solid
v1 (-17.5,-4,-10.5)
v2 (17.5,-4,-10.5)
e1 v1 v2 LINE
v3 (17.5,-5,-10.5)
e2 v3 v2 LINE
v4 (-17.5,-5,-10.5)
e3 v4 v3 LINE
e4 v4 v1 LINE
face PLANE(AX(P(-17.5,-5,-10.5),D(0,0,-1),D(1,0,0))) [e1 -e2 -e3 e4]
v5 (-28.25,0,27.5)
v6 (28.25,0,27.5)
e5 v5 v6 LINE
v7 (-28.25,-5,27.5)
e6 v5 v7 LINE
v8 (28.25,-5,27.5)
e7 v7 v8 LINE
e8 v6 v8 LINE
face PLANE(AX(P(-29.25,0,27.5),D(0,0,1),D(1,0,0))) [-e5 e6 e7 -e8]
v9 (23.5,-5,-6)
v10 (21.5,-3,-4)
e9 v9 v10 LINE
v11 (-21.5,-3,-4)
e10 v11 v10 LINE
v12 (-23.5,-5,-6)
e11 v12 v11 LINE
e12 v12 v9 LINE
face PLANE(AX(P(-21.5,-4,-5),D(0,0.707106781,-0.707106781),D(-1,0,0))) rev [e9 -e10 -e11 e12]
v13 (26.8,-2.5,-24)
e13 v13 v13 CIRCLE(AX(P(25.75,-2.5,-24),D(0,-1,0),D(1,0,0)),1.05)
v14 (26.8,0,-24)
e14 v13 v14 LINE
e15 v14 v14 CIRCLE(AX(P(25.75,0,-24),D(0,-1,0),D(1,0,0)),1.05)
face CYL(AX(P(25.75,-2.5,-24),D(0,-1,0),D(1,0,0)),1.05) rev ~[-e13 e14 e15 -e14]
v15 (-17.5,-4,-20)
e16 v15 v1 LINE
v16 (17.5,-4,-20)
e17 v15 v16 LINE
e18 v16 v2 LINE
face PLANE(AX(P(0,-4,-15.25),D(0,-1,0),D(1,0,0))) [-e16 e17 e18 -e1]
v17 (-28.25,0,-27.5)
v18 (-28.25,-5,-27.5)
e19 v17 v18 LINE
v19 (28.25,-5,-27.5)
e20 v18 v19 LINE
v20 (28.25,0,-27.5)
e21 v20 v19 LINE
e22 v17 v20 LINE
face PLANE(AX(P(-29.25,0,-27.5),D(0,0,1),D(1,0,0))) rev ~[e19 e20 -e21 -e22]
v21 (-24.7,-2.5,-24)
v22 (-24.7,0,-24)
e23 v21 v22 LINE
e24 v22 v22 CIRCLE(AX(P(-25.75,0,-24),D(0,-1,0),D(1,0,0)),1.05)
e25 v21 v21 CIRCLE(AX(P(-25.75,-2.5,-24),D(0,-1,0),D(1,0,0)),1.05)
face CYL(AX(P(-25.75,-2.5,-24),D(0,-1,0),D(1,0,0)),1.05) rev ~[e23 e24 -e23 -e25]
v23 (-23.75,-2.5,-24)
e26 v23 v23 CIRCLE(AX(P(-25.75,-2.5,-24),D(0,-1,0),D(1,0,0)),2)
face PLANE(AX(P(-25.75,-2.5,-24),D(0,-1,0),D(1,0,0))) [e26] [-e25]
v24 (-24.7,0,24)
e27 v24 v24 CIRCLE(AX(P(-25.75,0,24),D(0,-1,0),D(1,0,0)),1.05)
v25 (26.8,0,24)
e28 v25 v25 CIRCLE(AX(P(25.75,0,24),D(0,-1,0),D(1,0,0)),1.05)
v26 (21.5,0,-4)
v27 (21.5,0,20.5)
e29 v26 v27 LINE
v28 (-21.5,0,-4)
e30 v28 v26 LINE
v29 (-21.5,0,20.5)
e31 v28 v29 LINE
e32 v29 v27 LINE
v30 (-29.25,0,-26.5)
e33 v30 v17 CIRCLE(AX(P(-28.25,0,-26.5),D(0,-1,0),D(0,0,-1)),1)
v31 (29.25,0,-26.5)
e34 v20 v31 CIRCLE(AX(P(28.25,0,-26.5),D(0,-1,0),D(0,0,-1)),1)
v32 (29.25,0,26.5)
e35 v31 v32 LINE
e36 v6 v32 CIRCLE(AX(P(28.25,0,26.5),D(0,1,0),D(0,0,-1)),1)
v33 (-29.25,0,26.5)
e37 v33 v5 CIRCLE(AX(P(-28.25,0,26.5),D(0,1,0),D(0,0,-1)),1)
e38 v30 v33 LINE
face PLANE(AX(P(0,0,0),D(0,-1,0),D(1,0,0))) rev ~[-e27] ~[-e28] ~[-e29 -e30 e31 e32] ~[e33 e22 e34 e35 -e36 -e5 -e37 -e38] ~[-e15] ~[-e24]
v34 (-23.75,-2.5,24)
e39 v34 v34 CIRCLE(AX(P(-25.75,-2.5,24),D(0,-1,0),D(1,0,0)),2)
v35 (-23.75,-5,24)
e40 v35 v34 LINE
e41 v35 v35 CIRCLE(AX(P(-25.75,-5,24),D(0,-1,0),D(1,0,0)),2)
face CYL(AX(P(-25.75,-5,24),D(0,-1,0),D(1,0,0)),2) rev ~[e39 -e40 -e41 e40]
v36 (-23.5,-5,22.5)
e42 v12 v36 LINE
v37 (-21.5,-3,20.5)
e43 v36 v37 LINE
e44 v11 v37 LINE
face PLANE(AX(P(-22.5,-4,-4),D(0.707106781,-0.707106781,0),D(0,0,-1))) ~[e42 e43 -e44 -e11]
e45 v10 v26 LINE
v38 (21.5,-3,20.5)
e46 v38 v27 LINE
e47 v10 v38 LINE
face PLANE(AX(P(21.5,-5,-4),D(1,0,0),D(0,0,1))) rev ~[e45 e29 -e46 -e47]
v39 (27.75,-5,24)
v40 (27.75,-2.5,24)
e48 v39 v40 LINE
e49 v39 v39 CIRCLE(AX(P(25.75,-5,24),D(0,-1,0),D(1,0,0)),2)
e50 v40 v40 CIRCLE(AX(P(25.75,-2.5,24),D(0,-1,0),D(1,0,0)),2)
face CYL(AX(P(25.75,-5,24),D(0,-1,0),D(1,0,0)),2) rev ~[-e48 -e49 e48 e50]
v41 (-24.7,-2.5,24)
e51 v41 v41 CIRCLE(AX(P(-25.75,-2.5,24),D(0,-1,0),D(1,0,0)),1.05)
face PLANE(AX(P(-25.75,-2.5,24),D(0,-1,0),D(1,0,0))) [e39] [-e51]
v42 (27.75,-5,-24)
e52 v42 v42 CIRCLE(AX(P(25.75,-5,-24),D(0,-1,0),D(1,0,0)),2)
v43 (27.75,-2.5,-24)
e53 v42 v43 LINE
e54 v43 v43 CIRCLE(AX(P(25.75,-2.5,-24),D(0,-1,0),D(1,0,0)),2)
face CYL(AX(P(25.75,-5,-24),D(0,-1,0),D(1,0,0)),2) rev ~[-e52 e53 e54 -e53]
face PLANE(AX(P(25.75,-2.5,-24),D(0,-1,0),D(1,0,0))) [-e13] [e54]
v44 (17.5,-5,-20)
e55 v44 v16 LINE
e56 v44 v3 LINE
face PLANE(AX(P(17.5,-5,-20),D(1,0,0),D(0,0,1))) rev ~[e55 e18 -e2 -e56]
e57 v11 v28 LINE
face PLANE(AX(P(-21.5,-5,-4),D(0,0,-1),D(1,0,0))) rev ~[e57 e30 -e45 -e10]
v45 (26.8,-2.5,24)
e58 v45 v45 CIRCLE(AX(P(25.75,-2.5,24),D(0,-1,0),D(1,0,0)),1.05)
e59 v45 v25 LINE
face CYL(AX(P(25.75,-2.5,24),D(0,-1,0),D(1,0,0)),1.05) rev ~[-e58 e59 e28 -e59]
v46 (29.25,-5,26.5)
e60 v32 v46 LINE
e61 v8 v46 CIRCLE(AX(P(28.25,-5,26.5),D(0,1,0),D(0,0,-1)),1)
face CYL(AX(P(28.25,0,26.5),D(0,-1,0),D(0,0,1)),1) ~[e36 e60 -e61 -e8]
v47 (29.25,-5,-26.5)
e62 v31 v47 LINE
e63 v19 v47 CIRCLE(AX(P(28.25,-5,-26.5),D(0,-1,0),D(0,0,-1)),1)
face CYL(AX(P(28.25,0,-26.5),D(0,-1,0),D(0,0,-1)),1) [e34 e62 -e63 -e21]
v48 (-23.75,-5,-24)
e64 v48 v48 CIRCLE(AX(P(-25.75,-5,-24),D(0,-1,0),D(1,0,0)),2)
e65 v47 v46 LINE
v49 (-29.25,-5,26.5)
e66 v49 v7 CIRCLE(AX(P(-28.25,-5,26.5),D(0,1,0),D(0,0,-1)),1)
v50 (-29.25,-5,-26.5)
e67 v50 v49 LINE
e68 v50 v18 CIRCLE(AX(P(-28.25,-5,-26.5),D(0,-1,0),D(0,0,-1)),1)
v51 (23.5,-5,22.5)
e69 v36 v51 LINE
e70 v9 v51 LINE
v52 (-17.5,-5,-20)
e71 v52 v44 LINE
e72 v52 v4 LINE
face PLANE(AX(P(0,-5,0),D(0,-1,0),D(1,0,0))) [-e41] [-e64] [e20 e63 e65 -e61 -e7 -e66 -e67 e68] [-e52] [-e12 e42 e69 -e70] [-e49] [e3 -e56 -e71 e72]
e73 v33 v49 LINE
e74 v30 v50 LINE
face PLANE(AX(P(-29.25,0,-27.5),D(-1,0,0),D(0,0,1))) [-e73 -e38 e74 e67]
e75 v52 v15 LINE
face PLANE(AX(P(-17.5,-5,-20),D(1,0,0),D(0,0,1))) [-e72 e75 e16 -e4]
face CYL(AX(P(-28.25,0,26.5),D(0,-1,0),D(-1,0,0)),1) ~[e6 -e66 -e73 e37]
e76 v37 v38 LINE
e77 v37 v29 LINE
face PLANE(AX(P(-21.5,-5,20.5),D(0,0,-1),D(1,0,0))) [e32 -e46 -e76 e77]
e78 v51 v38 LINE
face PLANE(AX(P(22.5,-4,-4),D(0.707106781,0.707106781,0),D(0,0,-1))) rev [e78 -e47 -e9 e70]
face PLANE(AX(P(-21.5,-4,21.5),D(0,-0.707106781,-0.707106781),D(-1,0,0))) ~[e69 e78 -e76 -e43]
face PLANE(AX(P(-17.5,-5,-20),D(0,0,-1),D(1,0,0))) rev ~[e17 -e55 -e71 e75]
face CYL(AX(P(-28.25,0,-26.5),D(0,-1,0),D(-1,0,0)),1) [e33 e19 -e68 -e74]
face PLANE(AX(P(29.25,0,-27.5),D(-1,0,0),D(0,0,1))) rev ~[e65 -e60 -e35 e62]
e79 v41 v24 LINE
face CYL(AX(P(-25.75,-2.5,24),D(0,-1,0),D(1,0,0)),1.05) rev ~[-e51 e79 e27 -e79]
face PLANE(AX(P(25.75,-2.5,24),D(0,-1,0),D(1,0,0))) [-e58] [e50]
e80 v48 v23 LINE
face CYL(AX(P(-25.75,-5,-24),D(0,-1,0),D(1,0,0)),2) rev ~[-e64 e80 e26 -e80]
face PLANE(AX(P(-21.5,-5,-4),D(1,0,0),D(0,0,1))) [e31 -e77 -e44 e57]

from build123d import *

# Parameters (mm, degrees)
SKETCH_W        = 58.5
SKETCH_H        = 55
PAD004_DEPTH    = 5
SKETCH005_W     = 43
SKETCH005_H     = 24.5
POCKET_DEPTH    = 5
CHAMFER_SIZE    = 2
SKETCH006_R     = 2
POCKET001_DEPTH = 2.5
SKETCH007_R     = 1.05
POCKET002_DEPTH = 5
SKETCH008_W     = 35
SKETCH008_H     = 9.5
POCKET003_DEPTH = 1
FILLET002_R     = 1


with BuildPart() as part:
    # Sketch → Pad004 (new body)
    with BuildSketch(Plane.XZ):
        Rectangle(SKETCH_W, SKETCH_H)
    extrude(amount=PAD004_DEPTH)

    # Sketch005 (on Face6 of Pad004) → Pocket (cut)
    with BuildSketch(Plane.XZ.offset(5)):
        with Locations((0, 8.25)):
            Rectangle(SKETCH005_W, SKETCH005_H)
    extrude(amount=-POCKET_DEPTH, mode=Mode.SUBTRACT)

    # Chamfer
    chamfer_edges = [part.edges().sort_by_distance(p)[0] for p in [
        (-21.5, -5, 8.25),
        (0, -5, 20.5),
        (0, -5, -4),
        (21.5, -5, 8.25),
    ]]
    chamfer(chamfer_edges, length=CHAMFER_SIZE)

    # Sketch006 (on Face1 of Chamfer) → Pocket001 (cut)
    with BuildSketch(Plane.XZ.offset(5)):
        with Locations((-25.75, 24)):
            Circle(SKETCH006_R)
        with Locations((25.75, 24)):
            Circle(SKETCH006_R)
        with Locations((-25.75, -24)):
            Circle(SKETCH006_R)
        with Locations((25.75, -24)):
            Circle(SKETCH006_R)
    extrude(amount=-POCKET001_DEPTH, mode=Mode.SUBTRACT)

    # Sketch007 (on Face16 of Pocket001) → Pocket002 (cut)
    with BuildSketch(Plane.XZ.offset(2.5)):
        with Locations((-25.75, 24)):
            Circle(SKETCH007_R)
        with Locations((25.75, 24)):
            Circle(SKETCH007_R)
        with Locations((25.75, -24)):
            Circle(SKETCH007_R)
        with Locations((-25.75, -24)):
            Circle(SKETCH007_R)
    extrude(amount=-POCKET002_DEPTH, mode=Mode.SUBTRACT)

    # Sketch008 (on Face1 of Pocket002) → Pocket003 (cut)
    with BuildSketch(Plane.XZ.offset(5)):
        with Locations((0, -15.25)):
            Rectangle(SKETCH008_W, SKETCH008_H)
    extrude(amount=-POCKET003_DEPTH, mode=Mode.SUBTRACT)

    # Fillet002
    fillet002_edges = [part.edges().sort_by_distance(p)[0] for p in [
        (29.25, -2.5, 27.5),
        (-29.25, -2.5, 27.5),
        (29.25, -2.5, -27.5),
        (-29.25, -2.5, -27.5),
    ]]
    fillet(fillet002_edges, radius=FILLET002_R)


solid = part.part
